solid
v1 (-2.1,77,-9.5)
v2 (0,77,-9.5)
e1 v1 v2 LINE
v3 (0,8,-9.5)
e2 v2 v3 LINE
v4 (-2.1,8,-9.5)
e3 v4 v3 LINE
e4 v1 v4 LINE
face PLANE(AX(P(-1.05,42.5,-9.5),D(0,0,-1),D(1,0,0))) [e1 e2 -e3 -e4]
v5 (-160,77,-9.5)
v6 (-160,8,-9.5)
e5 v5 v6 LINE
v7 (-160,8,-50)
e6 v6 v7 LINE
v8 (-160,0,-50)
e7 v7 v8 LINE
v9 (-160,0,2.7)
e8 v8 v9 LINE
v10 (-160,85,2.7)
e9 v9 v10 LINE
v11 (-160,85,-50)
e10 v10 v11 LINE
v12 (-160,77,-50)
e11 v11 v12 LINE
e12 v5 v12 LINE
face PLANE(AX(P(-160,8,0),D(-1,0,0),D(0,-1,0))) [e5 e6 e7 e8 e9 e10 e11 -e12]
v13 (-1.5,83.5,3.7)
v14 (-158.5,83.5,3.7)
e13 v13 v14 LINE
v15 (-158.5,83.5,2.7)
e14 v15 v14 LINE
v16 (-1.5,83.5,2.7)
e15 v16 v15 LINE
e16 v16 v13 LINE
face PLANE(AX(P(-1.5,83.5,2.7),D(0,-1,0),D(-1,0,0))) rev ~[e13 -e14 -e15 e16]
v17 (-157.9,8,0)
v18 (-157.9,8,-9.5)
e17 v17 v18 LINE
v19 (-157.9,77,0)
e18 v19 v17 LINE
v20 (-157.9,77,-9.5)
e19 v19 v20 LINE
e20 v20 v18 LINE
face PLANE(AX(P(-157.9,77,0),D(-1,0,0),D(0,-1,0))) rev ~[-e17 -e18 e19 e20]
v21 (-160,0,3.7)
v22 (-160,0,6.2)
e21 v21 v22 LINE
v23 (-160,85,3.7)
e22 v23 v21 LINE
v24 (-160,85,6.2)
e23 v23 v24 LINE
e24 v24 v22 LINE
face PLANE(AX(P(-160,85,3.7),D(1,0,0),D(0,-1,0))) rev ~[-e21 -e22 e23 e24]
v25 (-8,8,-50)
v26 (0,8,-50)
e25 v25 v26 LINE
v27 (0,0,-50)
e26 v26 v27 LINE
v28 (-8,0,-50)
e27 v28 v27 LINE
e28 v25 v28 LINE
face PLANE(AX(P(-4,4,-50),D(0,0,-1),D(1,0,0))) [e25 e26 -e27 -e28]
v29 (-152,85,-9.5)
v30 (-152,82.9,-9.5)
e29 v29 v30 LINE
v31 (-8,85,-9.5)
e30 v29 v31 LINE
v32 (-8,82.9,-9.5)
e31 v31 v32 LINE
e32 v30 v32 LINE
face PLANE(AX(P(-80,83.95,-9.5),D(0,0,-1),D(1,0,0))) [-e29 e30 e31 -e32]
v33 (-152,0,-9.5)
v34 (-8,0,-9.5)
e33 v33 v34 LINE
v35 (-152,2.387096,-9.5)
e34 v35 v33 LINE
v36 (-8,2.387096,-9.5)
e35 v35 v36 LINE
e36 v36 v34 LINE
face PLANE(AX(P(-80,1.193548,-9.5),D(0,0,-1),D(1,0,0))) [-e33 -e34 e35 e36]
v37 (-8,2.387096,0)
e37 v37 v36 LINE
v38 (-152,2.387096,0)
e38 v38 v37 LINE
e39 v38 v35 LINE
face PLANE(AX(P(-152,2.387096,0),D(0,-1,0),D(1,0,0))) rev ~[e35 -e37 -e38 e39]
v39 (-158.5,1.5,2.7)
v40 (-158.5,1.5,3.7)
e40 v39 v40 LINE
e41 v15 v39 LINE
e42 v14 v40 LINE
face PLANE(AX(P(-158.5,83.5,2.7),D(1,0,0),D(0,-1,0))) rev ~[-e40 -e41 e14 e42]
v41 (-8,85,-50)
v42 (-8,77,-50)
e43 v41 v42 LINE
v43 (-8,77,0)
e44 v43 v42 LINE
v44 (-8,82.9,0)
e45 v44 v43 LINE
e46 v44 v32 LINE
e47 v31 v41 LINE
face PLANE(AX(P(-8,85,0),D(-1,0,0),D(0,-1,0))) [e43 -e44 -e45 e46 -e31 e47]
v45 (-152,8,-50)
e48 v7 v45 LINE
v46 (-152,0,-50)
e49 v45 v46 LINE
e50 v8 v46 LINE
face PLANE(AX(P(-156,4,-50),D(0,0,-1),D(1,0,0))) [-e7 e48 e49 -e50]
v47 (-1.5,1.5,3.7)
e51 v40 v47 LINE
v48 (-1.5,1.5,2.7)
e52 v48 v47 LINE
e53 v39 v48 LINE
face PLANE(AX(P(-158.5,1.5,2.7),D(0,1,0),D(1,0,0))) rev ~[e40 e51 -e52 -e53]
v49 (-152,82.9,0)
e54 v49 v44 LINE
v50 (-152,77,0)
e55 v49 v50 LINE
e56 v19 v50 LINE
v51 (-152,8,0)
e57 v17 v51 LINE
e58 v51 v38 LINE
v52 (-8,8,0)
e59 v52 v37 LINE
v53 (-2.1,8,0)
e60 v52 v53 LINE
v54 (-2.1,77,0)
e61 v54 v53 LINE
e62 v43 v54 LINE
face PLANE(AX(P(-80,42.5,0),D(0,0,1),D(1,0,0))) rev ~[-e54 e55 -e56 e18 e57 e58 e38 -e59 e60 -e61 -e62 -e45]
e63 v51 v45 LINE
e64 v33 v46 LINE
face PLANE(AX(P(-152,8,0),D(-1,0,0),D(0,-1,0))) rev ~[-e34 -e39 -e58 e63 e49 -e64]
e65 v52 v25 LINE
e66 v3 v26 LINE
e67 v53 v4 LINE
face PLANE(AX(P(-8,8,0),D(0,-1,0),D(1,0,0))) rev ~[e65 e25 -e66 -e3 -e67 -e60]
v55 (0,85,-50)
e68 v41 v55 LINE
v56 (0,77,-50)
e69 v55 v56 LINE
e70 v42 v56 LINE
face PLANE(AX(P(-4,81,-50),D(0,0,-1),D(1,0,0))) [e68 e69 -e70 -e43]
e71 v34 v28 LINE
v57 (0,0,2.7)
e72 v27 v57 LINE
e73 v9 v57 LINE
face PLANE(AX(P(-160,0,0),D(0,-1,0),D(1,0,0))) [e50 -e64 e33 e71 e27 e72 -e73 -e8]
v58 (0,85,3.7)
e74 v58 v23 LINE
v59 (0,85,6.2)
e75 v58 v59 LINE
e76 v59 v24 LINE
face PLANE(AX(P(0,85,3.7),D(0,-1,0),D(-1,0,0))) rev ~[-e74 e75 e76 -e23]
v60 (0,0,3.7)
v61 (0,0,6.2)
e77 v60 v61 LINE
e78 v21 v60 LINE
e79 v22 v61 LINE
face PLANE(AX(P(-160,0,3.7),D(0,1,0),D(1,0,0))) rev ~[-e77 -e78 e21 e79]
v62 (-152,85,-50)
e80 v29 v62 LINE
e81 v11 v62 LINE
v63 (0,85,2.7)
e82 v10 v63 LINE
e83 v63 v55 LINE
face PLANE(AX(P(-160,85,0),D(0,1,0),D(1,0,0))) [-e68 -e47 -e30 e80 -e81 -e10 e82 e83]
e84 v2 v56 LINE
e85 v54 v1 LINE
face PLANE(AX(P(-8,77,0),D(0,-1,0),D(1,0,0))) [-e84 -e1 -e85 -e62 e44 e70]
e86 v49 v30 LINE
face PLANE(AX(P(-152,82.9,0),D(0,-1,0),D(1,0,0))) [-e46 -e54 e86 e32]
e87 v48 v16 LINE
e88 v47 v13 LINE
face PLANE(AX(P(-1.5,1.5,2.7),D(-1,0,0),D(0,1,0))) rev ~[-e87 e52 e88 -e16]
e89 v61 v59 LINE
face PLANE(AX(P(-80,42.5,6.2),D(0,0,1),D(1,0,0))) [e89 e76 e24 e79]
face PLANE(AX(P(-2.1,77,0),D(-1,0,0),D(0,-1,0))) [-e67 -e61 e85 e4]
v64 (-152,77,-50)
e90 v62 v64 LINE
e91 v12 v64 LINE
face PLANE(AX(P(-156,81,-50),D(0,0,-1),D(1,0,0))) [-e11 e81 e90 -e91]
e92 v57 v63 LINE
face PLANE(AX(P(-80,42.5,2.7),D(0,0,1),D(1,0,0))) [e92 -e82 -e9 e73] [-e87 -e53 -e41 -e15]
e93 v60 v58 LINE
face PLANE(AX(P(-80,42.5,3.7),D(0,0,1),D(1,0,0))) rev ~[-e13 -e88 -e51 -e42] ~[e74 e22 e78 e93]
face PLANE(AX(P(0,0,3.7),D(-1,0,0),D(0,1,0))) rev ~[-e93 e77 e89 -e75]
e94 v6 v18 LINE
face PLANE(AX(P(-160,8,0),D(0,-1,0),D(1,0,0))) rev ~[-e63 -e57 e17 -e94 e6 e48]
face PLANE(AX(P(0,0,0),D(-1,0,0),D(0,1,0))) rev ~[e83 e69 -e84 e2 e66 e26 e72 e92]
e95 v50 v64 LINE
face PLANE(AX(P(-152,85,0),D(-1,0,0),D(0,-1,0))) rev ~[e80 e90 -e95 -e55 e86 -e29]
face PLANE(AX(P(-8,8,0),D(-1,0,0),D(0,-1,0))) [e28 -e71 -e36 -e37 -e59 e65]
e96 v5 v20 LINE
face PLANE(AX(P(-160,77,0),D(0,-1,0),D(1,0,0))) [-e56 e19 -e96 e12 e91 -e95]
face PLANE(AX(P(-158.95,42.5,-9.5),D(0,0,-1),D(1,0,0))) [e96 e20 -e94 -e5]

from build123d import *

# Parameters (mm, degrees)
F0_W      = 160
F0_H      = 85
F1_DEPTH  = 2.7
F3_DEPTH  = 1
F4_W      = 8
F4_H      = 8
F5_DEPTH  = 50
F6_DEPTH  = 50
F8_DEPTH  = 2.5
F9_W      = 144
F9_H      = 2.387096
F9_W_2    = 2.1
F9_H_2    = 69
F9_H_3    = 2.1
F10_DEPTH = 9.5


with BuildPart() as f1:
    # F0 (on Top) → F1 (new body)
    with BuildSketch(Plane.XY):
        with Locations((-80, 42.5)):
            Rectangle(F0_W, F0_H)
    extrude(amount=F1_DEPTH)

    # F2 (on face) → F3 (join)
    with BuildSketch(Plane.XY.offset(2.7)):
        Polygon((-1.5, 42.5), (-1.5, 83.5), (-80, 83.5), (-158.5, 83.5), (-158.5, 42.5), (-158.5, 1.5), (-80, 1.5), (-1.5, 1.5), align=None)
    extrude(amount=F3_DEPTH)

    # F4 (on face) → F5 (join)
    with BuildSketch(Plane(origin=(0, 0, 0), x_dir=(1, 0, 0), z_dir=(0, 0, -1))):
        with Locations((-156, -4)):
            Rectangle(F4_W, F4_H)
    extrude(amount=F5_DEPTH)

    # F4 (on face) → F6 (join)
    with BuildSketch(Plane(origin=(0, 0, 0), x_dir=(1, 0, 0), z_dir=(0, 0, -1))):
        with Locations((-156, -4)):
            Rectangle(F4_W, F4_H)
        with Locations((-156, -81)):
            Rectangle(F4_W, F4_H)
        with Locations((-4, -81)):
            Rectangle(F4_W, F4_H)
        with Locations((-4, -4)):
            Rectangle(F4_W, F4_H)
    extrude(amount=F6_DEPTH)

    # F7 (on face) → F8 (join)
    with BuildSketch(Plane.XY.offset(3.7)):
        Polygon((-160, 42.5), (-160, 0), (-80, 0), (0, 0), (0, 42.5), (0, 85), (-80, 85), (-160, 85), align=None)
    extrude(amount=F8_DEPTH)

    # F9 (on face) → F10 (join)
    with BuildSketch(Plane(origin=(0, 0, 0), x_dir=(1, 0, 0), z_dir=(0, 0, -1))):
        with Locations((-80, -1.193548)):
            Rectangle(F9_W, F9_H)
        with Locations((-158.95, -42.5)):
            Rectangle(F9_W_2, F9_H_2)
        with Locations((-1.05, -42.5)):
            Rectangle(F9_W_2, F9_H_2)
        with Locations((-80, -83.95)):
            Rectangle(F9_W, F9_H_3)
    extrude(amount=F10_DEPTH)


solid = f1.part
